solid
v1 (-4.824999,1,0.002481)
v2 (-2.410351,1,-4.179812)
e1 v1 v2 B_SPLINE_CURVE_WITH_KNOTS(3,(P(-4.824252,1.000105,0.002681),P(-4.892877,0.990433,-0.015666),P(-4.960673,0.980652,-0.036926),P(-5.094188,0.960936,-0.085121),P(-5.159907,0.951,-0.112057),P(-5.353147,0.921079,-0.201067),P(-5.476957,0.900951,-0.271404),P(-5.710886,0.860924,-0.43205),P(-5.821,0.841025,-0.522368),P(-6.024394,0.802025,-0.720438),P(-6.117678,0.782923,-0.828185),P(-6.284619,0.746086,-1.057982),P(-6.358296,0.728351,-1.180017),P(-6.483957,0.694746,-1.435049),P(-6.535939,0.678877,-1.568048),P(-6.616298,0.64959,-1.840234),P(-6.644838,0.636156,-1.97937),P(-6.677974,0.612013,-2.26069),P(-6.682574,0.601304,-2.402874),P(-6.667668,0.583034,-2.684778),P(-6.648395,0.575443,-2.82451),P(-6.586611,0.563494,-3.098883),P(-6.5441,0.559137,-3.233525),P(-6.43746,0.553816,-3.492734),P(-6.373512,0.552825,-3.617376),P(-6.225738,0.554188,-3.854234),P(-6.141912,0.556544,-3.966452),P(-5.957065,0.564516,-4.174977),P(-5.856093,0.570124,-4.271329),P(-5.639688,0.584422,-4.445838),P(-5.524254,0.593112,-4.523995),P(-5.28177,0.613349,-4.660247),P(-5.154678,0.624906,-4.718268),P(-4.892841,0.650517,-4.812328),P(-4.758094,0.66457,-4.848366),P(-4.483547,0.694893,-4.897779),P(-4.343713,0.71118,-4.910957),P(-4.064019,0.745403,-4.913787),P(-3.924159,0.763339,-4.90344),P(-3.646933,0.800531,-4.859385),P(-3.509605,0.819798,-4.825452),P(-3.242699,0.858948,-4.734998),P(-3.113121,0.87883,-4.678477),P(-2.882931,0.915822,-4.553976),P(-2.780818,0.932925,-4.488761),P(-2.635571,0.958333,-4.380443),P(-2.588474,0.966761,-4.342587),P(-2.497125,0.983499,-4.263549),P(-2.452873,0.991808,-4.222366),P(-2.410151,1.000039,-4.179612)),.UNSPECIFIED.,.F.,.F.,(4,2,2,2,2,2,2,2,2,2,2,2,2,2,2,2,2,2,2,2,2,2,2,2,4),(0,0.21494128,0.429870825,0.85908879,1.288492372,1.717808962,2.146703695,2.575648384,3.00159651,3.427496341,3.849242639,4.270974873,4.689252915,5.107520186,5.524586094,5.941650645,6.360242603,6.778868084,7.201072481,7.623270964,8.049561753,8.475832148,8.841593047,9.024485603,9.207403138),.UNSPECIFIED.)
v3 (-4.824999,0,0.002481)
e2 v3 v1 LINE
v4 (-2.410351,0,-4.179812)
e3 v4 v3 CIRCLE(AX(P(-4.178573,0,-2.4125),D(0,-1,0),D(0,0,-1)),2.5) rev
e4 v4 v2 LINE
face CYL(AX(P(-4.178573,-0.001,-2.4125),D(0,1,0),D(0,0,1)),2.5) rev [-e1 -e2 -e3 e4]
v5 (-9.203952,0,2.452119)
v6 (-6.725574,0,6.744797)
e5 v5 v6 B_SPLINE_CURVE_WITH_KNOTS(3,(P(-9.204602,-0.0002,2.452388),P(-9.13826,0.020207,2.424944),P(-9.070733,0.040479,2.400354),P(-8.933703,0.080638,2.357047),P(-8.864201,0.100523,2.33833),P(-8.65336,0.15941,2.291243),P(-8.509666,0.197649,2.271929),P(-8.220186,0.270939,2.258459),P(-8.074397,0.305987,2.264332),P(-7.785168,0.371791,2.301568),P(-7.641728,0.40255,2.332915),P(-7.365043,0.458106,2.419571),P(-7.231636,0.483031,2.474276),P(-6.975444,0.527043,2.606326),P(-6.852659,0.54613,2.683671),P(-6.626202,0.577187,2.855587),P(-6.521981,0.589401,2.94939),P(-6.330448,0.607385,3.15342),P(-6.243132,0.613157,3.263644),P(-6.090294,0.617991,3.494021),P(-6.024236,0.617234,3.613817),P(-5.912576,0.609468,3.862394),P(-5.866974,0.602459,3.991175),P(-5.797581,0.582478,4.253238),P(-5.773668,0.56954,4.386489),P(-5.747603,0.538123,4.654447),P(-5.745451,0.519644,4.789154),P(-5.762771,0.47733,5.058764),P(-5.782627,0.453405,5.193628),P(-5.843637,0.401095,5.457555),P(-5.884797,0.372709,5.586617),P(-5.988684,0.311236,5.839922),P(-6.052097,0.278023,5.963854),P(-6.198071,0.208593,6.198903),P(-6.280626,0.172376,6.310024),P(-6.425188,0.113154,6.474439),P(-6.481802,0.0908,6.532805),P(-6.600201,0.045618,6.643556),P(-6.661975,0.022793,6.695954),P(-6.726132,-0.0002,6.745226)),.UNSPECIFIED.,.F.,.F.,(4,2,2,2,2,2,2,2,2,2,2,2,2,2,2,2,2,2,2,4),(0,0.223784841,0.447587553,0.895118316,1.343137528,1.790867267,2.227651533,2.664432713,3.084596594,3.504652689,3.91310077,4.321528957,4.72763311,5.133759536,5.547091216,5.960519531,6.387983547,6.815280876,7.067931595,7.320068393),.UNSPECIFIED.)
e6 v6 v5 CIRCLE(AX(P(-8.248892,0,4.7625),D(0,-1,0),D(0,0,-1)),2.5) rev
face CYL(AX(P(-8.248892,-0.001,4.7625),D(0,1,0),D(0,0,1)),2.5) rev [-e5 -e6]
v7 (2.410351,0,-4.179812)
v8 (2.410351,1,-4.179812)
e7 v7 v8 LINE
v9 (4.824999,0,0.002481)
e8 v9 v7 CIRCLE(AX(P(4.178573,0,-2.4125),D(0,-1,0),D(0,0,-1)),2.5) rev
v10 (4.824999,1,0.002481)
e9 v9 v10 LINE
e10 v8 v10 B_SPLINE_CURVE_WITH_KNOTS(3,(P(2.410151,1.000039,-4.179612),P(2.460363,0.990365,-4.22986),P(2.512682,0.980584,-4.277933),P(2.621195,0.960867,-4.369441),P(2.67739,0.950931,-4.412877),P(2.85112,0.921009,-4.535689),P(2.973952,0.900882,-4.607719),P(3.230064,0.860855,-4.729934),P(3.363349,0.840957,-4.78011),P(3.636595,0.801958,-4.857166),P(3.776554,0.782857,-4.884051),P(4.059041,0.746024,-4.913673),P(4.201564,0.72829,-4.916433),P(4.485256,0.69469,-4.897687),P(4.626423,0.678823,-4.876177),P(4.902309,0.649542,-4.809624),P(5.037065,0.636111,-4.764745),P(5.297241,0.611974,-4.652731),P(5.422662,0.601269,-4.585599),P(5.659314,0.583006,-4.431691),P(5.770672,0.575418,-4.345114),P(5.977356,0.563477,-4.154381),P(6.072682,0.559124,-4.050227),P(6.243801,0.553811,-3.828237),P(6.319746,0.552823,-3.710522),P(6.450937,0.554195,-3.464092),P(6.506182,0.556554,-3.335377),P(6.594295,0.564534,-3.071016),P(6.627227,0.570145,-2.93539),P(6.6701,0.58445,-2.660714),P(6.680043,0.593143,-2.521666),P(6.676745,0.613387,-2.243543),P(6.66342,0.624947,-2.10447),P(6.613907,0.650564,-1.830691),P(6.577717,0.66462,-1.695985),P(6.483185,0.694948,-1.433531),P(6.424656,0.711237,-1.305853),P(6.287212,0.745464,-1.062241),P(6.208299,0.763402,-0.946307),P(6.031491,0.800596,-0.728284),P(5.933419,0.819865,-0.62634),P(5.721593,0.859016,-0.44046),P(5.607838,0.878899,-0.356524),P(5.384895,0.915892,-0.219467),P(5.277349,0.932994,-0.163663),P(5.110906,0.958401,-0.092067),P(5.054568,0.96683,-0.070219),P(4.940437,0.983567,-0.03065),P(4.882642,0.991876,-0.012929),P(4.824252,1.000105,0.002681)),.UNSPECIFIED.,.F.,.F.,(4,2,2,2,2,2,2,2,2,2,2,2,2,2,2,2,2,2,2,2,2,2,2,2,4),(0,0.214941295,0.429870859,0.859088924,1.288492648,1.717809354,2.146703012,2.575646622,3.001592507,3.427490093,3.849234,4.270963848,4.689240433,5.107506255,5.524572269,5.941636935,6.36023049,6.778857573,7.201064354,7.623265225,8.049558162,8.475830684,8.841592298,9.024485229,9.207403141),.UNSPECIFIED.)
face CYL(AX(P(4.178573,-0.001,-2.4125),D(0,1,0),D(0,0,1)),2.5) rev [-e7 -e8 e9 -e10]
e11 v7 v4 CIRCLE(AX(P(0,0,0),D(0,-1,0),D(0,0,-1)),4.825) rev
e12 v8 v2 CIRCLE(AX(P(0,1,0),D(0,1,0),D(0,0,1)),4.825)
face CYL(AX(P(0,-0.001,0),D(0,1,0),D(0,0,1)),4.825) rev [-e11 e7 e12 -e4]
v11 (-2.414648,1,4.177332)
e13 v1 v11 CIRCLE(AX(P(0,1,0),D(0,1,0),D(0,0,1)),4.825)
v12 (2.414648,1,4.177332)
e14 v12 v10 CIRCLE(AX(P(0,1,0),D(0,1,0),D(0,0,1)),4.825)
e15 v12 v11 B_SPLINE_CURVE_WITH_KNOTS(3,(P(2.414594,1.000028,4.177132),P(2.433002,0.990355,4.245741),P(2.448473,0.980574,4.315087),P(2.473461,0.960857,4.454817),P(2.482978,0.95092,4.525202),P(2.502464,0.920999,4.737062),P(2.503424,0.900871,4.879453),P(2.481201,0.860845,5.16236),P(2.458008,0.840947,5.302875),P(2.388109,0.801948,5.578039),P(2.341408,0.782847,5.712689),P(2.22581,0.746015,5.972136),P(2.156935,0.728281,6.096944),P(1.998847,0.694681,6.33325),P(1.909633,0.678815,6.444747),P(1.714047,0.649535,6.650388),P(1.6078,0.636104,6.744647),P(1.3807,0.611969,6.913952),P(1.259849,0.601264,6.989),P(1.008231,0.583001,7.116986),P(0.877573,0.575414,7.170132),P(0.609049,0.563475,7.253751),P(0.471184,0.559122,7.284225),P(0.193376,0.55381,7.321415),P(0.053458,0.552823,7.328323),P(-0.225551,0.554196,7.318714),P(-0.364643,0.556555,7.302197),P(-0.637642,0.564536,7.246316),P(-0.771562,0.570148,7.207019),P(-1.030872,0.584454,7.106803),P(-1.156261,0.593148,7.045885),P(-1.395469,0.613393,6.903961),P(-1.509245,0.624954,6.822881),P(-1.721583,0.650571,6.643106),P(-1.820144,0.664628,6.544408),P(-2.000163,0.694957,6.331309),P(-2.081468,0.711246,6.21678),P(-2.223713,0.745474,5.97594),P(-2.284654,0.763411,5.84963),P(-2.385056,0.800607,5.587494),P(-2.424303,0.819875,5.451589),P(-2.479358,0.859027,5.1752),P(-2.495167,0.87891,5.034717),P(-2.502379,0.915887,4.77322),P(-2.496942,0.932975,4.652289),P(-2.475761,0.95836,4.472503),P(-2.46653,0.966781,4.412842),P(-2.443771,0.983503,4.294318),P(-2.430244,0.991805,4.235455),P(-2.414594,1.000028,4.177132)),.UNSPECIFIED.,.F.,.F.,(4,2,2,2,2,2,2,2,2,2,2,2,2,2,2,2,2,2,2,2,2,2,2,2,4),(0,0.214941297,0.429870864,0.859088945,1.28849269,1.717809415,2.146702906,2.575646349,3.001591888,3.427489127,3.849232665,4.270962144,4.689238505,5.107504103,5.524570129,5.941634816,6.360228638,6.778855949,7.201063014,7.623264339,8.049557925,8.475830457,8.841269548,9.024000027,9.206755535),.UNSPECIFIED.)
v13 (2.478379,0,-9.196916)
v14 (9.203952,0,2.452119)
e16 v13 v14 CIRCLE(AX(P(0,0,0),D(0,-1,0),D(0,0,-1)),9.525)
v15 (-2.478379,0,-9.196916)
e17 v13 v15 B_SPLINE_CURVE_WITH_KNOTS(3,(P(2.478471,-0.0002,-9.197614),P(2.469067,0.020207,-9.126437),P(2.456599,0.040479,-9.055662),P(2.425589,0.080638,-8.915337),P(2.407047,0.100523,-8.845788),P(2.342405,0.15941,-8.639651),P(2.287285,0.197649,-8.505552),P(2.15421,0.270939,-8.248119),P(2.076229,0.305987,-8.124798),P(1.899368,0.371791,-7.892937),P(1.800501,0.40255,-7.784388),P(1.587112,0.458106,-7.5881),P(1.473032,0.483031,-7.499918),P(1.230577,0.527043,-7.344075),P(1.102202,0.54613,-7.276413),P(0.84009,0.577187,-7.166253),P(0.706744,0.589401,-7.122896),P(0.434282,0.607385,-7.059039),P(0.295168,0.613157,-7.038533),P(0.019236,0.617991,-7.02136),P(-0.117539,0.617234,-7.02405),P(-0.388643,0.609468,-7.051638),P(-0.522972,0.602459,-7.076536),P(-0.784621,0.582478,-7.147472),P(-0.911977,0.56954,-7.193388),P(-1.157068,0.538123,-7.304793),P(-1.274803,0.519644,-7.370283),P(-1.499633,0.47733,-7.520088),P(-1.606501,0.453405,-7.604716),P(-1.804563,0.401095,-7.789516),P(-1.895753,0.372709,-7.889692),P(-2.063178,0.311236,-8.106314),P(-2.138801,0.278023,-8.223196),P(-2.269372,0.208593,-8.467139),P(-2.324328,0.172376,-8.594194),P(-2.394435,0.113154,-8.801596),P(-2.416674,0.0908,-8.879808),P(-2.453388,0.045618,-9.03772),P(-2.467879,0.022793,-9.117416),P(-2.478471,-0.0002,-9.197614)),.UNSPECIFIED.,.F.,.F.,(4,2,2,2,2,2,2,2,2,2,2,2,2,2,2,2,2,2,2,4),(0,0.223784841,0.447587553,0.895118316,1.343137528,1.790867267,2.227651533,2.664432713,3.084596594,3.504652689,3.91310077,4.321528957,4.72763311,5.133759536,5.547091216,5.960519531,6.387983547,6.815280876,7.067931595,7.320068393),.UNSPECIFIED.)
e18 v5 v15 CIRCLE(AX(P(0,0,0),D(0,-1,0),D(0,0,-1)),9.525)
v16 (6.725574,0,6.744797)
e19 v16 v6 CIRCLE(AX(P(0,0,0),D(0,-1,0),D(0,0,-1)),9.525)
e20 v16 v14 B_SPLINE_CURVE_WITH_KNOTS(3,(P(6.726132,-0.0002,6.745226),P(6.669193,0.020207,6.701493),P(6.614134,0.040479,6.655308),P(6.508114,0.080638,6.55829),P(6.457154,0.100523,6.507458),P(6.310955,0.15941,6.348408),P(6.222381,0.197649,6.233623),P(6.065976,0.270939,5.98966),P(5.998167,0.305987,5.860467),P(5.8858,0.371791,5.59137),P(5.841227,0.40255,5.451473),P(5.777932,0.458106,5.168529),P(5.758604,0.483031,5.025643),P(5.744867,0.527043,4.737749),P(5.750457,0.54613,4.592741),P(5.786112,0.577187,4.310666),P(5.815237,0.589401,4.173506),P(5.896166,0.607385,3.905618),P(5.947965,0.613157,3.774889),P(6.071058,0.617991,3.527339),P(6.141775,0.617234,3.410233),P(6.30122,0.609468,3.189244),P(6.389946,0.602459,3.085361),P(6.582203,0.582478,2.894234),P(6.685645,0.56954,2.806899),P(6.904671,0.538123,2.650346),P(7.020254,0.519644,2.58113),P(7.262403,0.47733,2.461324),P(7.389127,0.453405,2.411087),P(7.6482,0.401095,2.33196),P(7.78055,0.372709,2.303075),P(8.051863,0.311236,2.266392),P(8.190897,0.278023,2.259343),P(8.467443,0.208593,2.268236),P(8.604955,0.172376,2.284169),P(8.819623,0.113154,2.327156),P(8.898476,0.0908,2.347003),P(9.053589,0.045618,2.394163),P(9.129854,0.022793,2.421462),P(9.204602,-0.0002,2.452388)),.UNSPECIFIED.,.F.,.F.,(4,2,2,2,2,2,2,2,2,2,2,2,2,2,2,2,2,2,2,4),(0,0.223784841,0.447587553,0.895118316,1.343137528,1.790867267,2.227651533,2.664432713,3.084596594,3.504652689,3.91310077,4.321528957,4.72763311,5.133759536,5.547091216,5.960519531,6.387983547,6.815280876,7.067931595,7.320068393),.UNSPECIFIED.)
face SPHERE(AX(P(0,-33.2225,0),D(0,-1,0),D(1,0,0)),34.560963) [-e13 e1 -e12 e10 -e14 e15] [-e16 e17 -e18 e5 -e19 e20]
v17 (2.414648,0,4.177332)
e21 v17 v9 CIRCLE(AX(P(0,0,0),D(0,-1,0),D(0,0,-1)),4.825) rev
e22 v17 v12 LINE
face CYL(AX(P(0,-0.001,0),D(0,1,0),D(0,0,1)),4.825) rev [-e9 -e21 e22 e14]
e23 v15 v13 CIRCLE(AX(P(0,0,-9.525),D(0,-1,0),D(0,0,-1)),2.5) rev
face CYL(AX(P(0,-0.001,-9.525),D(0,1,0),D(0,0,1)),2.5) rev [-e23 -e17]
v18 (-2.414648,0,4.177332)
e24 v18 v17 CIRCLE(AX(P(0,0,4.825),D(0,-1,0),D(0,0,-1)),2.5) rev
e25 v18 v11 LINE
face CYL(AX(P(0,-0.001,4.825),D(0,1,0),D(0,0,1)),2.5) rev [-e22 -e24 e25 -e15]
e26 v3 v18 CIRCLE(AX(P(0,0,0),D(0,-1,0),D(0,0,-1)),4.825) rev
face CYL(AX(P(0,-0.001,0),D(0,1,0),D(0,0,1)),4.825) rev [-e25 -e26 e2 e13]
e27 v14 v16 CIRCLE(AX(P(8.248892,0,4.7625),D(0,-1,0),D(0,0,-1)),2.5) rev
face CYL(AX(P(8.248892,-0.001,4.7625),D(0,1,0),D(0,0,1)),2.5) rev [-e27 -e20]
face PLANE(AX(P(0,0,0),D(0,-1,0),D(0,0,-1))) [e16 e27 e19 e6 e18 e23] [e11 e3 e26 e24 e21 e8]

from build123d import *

# Parameters (mm, degrees)
CORTAR_EXTRUIR1_REACH = 15.507
CROQUIS2_R            = 2.5


with BuildPart() as part:
    # Croquis1 → Revolución1 (revolve)
    with BuildSketch(Plane.XY):
        with BuildLine():
            Line((0, 0), (9.525, 0))
            ThreePointArc((9.525, 0), (7.192400503, 0.581782366), (4.825, 1))
            Line((4.825, 1), (0, 1))
            Line((0, 1), (0, 0))
        make_face()
    revolve(axis=Axis((0, 0, 0), (0, 1, 0)))

    # Croquis2 → Cortar-Extruir1 (cut, up to next)
    with BuildSketch(Plane(origin=(0, 1, 0), x_dir=(1, 0, 0), z_dir=(0, 1, 0)), mode=Mode.PRIVATE) as cortar_extruir1_sk1:
        with Locations((0, 9.525)):
            Circle(CROQUIS2_R)
    cortar_extruir1_tool1 = extrude(cortar_extruir1_sk1.sketch, amount=-CORTAR_EXTRUIR1_REACH, mode=Mode.PRIVATE) & part.part
    # Croquis2 → Cortar-Extruir1 (cut, up to next)
    with BuildSketch(Plane(origin=(0, 1, 0), x_dir=(1, 0, 0), z_dir=(0, 1, 0)), mode=Mode.PRIVATE) as cortar_extruir1_sk2:
        with Locations((8.248891971, -4.7625)):
            Circle(CROQUIS2_R)
    cortar_extruir1_tool2 = extrude(cortar_extruir1_sk2.sketch, amount=-CORTAR_EXTRUIR1_REACH, mode=Mode.PRIVATE) & part.part
    # Croquis2 → Cortar-Extruir1 (cut, up to next)
    with BuildSketch(Plane(origin=(0, 1, 0), x_dir=(1, 0, 0), z_dir=(0, 1, 0)), mode=Mode.PRIVATE) as cortar_extruir1_sk3:
        with Locations((-8.248891971, -4.7625)):
            Circle(CROQUIS2_R)
    cortar_extruir1_tool3 = extrude(cortar_extruir1_sk3.sketch, amount=-CORTAR_EXTRUIR1_REACH, mode=Mode.PRIVATE) & part.part
    # Croquis2 → Cortar-Extruir1 (cut, up to next)
    with BuildSketch(Plane(origin=(0, 1, 0), x_dir=(1, 0, 0), z_dir=(0, 1, 0)), mode=Mode.PRIVATE) as cortar_extruir1_sk4:
        with BuildLine():
            ThreePointArc((-4.824999362, -0.002480829), (-4.178572573, -2.4125), (-2.414648142, -4.177331606))
            ThreePointArc((-2.414648142, -4.177331606), (0, -7.325), (2.414648142, -4.177331606))
            ThreePointArc((2.414648142, -4.177331606), (4.178572573, -2.4125), (4.824999362, -0.002480829))
            ThreePointArc((4.824999362, -0.002480829), (6.343636083, 3.6625), (2.41035122, 4.179812436))
            ThreePointArc((2.41035122, 4.179812436), (0, 4.825), (-2.41035122, 4.179812436))
            ThreePointArc((-2.41035122, 4.179812436), (-6.343636083, 3.6625), (-4.824999362, -0.002480829))
        make_face()
    cortar_extruir1_tool4 = extrude(cortar_extruir1_sk4.sketch, amount=-CORTAR_EXTRUIR1_REACH, mode=Mode.PRIVATE) & part.part
    add(cortar_extruir1_tool1.solids().sort_by_distance((0, 1, -9.525))[0], mode=Mode.SUBTRACT)
    add(cortar_extruir1_tool2.solids().sort_by_distance((8.248892, 1, 4.7625))[0], mode=Mode.SUBTRACT)
    add(cortar_extruir1_tool3.solids().sort_by_distance((-8.248892, 1, 4.7625))[0], mode=Mode.SUBTRACT)
    add(cortar_extruir1_tool4.solids().sort_by_distance((0, 1, 0))[0], mode=Mode.SUBTRACT)


solid = part.part
